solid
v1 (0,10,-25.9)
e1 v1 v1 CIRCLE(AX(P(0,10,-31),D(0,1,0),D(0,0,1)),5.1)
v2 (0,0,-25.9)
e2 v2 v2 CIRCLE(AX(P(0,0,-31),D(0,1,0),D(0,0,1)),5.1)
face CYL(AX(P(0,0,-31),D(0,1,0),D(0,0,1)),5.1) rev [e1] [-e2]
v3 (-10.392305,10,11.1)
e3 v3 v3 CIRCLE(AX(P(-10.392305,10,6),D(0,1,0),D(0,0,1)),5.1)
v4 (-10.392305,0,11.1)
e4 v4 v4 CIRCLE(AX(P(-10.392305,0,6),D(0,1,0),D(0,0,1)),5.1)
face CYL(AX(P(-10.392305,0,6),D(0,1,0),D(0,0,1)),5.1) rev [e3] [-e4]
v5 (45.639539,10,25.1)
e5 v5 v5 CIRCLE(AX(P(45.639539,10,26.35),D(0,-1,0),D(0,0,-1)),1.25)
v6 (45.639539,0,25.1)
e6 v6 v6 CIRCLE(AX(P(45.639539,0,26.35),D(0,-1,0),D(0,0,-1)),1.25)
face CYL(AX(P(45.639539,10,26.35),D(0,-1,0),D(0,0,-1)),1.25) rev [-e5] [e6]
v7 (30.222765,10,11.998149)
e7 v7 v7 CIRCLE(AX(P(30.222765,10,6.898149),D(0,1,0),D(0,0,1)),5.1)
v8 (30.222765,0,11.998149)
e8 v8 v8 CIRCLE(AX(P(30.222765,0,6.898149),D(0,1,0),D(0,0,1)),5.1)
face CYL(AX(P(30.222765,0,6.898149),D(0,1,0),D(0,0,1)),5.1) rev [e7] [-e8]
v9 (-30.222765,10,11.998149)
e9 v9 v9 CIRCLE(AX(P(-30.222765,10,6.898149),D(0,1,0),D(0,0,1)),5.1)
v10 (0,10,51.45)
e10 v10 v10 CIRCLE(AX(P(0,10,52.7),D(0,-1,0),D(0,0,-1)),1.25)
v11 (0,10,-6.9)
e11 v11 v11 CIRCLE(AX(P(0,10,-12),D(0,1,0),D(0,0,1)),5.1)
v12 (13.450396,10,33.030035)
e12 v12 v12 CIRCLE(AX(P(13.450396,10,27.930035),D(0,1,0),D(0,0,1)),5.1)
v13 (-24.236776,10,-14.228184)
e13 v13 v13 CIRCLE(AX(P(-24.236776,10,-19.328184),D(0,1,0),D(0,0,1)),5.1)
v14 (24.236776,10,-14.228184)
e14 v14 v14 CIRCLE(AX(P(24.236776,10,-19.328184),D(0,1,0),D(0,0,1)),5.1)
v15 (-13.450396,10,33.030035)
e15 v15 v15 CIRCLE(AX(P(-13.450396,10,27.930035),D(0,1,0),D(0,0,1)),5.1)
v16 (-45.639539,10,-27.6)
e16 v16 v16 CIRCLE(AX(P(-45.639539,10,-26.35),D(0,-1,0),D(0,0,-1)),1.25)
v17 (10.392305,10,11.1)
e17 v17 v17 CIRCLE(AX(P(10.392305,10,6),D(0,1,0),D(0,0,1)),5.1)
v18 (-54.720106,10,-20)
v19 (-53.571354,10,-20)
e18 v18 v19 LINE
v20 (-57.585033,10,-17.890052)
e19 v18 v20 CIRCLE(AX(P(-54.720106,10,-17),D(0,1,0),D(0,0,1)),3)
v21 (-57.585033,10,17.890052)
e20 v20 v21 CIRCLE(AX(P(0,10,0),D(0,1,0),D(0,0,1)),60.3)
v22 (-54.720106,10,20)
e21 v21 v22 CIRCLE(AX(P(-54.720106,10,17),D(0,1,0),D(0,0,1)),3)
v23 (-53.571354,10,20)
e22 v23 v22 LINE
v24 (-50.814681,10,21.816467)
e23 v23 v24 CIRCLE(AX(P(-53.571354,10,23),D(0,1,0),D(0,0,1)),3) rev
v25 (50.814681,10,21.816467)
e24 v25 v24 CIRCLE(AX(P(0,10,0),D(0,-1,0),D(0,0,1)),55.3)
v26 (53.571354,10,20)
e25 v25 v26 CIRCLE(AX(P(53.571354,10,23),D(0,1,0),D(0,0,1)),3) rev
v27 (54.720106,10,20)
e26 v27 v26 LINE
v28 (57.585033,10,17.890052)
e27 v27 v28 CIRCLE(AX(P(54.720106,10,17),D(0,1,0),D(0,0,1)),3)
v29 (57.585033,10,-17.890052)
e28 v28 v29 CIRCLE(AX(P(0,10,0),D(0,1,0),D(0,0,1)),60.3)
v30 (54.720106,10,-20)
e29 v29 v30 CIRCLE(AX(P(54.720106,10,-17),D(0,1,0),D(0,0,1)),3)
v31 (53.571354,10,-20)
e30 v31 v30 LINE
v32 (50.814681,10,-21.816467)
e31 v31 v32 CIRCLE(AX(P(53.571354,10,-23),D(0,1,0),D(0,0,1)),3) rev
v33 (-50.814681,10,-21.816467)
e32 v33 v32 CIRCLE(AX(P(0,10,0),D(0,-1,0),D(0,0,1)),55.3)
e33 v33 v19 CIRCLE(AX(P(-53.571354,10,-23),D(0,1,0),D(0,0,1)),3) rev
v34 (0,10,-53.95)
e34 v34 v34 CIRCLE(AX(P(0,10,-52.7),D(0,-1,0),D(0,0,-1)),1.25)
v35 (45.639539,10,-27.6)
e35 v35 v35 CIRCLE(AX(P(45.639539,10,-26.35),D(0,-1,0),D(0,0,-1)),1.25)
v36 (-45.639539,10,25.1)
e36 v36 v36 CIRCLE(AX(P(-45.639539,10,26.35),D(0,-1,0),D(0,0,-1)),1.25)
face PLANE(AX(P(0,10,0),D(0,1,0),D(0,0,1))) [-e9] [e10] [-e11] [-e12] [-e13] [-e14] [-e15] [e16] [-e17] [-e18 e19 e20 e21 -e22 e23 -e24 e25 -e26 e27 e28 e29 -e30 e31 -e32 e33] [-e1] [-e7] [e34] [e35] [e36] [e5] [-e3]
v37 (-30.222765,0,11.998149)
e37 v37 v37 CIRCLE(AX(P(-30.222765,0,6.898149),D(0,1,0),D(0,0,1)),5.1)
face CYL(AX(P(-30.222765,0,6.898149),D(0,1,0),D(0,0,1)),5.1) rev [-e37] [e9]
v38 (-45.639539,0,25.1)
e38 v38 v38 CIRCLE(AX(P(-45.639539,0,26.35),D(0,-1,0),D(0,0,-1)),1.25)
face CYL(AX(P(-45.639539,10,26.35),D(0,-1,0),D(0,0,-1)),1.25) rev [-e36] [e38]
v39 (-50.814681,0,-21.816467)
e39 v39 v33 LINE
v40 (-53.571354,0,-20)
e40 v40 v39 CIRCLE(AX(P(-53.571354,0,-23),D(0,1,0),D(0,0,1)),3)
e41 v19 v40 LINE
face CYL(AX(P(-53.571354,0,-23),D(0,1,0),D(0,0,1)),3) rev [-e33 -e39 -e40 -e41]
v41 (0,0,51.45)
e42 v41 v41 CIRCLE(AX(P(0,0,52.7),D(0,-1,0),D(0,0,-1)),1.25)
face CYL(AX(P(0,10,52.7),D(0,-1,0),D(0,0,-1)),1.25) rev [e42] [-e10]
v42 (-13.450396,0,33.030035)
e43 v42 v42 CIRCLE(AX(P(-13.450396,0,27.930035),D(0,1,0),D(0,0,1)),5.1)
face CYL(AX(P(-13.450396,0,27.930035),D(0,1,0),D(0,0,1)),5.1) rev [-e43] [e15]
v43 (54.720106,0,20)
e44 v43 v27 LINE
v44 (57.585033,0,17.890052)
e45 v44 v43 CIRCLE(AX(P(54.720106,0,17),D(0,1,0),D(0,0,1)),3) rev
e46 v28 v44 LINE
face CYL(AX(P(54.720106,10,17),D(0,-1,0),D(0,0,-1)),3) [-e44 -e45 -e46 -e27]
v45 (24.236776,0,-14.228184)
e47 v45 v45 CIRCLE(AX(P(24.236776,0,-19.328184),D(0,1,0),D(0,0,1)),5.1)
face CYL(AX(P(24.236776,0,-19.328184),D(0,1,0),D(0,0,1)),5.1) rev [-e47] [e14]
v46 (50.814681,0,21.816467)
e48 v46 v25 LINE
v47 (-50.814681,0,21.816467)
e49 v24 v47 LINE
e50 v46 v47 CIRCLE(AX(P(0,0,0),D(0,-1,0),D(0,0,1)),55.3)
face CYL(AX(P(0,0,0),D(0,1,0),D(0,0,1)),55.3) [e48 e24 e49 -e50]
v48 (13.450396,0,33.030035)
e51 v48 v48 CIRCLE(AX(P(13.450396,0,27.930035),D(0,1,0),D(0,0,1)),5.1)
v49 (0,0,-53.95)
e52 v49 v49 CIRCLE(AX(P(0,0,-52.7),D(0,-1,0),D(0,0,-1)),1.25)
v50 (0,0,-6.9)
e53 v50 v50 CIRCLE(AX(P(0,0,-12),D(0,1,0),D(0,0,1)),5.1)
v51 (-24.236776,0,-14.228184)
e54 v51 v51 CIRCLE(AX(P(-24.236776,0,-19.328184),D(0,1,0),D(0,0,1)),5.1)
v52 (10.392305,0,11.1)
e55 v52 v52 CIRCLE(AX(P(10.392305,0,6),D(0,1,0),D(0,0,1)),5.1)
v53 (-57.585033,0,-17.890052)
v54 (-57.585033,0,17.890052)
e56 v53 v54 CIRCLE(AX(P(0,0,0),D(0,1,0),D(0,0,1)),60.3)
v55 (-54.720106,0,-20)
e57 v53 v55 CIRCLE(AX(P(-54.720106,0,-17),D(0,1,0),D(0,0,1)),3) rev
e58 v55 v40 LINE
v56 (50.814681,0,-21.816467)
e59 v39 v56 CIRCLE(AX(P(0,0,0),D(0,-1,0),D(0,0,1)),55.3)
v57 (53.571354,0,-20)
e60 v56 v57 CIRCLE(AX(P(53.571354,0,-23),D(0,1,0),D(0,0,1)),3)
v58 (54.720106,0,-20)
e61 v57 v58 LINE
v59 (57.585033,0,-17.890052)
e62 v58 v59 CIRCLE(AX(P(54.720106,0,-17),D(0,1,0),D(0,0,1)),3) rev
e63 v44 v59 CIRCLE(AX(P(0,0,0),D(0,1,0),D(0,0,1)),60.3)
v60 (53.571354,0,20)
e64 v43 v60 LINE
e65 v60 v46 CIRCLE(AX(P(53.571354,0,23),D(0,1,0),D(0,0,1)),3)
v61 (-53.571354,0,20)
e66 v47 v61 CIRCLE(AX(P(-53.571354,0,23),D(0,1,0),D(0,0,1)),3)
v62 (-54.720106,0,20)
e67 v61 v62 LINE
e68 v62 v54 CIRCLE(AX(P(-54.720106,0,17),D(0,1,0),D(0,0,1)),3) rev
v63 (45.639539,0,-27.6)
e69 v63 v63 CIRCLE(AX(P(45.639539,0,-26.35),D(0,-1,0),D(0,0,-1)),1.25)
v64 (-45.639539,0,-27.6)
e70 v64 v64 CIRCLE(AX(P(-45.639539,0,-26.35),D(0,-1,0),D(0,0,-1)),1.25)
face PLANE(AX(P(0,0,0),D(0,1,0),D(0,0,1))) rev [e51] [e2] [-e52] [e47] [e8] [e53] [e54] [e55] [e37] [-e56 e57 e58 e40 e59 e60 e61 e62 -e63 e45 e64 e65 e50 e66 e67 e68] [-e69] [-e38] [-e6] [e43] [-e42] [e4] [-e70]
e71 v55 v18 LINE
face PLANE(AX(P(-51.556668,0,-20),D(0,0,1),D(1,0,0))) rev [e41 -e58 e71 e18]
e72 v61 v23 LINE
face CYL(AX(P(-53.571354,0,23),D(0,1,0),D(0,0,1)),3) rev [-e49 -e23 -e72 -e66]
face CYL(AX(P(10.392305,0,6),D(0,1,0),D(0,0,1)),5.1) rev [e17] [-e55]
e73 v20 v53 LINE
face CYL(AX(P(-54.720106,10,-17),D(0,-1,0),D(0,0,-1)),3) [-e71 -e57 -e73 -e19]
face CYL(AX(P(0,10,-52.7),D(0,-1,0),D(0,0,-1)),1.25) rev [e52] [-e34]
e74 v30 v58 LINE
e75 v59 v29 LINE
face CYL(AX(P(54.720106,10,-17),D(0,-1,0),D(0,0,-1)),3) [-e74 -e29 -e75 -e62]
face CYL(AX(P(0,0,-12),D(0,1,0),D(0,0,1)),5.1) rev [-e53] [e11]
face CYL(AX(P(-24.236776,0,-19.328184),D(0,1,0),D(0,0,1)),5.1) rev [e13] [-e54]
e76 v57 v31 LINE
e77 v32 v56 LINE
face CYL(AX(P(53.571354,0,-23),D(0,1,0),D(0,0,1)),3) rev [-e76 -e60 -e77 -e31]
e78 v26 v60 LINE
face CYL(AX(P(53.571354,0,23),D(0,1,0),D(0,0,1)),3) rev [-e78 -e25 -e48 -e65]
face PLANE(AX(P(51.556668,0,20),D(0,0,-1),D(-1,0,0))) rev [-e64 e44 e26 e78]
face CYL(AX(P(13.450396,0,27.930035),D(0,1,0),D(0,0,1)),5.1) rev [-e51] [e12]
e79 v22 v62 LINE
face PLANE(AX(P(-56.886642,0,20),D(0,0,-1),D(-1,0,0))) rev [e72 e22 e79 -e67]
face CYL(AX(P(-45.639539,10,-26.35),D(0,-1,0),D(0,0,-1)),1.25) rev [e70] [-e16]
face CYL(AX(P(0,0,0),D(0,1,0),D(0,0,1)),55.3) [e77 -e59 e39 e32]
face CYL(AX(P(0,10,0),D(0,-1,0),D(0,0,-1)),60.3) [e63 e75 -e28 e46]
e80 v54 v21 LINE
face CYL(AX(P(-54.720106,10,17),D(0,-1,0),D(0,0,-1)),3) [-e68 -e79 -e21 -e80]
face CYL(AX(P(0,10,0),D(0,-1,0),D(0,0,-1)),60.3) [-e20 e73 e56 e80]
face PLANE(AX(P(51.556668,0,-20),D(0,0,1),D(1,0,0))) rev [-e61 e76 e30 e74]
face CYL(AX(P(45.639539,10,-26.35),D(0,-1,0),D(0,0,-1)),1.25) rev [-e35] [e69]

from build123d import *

# Parameters (mm, degrees)
SKETCH_3_R          = 60.3
EXTRUDE_2_DEPTH     = 10
CUT_EXTRUDE_2_DEPTH = 11
FILLET_1_R          = 3
SKETCH_5_R          = 1.25
CUT_EXTRUDE_3_DEPTH = 11
SKETCH_6_R          = 5.1
CUT_EXTRUDE_4_DEPTH = 11
SKETCH_7_R          = 5.1
CUT_EXTRUDE_5_DEPTH = 11


with BuildPart() as part:
    # 草图3 → 凸台-拉伸2 (new body)
    with BuildSketch(Plane(origin=(0, 0, 0), x_dir=(1, 0, 0), z_dir=(0, 1, 0))):
        Circle(SKETCH_3_R)
    extrude(amount=EXTRUDE_2_DEPTH)

    # 草图4 → 切除-拉伸2 (cut, through all)
    with BuildSketch(Plane(origin=(0, 10, 0), x_dir=(1, 0, 0), z_dir=(0, 1, 0))):
        with BuildLine():
            Line((-51.556667852, 20), (-56.886641666, 20))
            ThreePointArc((-56.886641666, 20), (0, 60.3), (56.886641666, 20))
            Line((56.886641666, 20), (51.556667852, 20))
            ThreePointArc((51.556667852, 20), (0, 55.3), (-51.556667852, 20))
        make_face()
        with BuildLine():
            Line((-56.886641666, -20), (-51.556667852, -20))
            ThreePointArc((-51.556667852, -20), (0, -55.3), (51.556667852, -20))
            Line((51.556667852, -20), (56.886641666, -20))
            ThreePointArc((56.886641666, -20), (0, -60.3), (-56.886641666, -20))
        make_face()
    extrude(amount=-CUT_EXTRUDE_2_DEPTH, mode=Mode.SUBTRACT)

    # 圆角1
    fillet_1_edges = [part.edges().sort_by_distance(p)[0] for p in [
        (51.556667852, 5, -20),
        (-51.556667852, 5, -20),
        (-56.886641666, 5, -20),
        (56.886641666, 5, -20),
        (-51.556667852, 5, 20),
        (51.556667852, 5, 20),
        (56.886641666, 5, 20),
        (-56.886641666, 5, 20),
    ]]
    fillet(fillet_1_edges, radius=FILLET_1_R)

    # 草图5 → 切除-拉伸3 (cut, through all)
    with BuildSketch(Plane.XZ):
        with Locations((0, -52.7)):
            Circle(SKETCH_5_R)
        with Locations((-45.639538779, -26.35)):
            Circle(SKETCH_5_R)
        with Locations((-45.639538779, 26.35)):
            Circle(SKETCH_5_R)
        with Locations((0, 52.7)):
            Circle(SKETCH_5_R)
        with Locations((45.639538779, 26.35)):
            Circle(SKETCH_5_R)
        with Locations((45.639538779, -26.35)):
            Circle(SKETCH_5_R)
    extrude(amount=-CUT_EXTRUDE_3_DEPTH, mode=Mode.SUBTRACT)

    # 草图6 → 切除-拉伸4 (cut, through all)
    with BuildSketch(Plane(origin=(0, 10, 0), x_dir=(1, 0, 0), z_dir=(0, 1, 0))):
        with Locations((0, 31)):
            Circle(SKETCH_6_R)
        with Locations((24.236775957, 19.328183858)):
            Circle(SKETCH_6_R)
        with Locations((30.222765278, -6.898148953)):
            Circle(SKETCH_6_R)
        with Locations((13.450395913, -27.930034905)):
            Circle(SKETCH_6_R)
        with Locations((-13.450395913, -27.930034905)):
            Circle(SKETCH_6_R)
        with Locations((-30.222765278, -6.898148953)):
            Circle(SKETCH_6_R)
        with Locations((-24.236775957, 19.328183858)):
            Circle(SKETCH_6_R)
    extrude(amount=-CUT_EXTRUDE_4_DEPTH, mode=Mode.SUBTRACT)

    # 草图7 → 切除-拉伸5 (cut, through all)
    with BuildSketch(Plane(origin=(0, 10, 0), x_dir=(1, 0, 0), z_dir=(0, 1, 0))):
        with Locations((0, 12)):
            Circle(SKETCH_7_R)
        with Locations((10.392304845, -6)):
            Circle(SKETCH_7_R)
        with Locations((-10.392304845, -6)):
            Circle(SKETCH_7_R)
    extrude(amount=-CUT_EXTRUDE_5_DEPTH, mode=Mode.SUBTRACT)


solid = part.part
